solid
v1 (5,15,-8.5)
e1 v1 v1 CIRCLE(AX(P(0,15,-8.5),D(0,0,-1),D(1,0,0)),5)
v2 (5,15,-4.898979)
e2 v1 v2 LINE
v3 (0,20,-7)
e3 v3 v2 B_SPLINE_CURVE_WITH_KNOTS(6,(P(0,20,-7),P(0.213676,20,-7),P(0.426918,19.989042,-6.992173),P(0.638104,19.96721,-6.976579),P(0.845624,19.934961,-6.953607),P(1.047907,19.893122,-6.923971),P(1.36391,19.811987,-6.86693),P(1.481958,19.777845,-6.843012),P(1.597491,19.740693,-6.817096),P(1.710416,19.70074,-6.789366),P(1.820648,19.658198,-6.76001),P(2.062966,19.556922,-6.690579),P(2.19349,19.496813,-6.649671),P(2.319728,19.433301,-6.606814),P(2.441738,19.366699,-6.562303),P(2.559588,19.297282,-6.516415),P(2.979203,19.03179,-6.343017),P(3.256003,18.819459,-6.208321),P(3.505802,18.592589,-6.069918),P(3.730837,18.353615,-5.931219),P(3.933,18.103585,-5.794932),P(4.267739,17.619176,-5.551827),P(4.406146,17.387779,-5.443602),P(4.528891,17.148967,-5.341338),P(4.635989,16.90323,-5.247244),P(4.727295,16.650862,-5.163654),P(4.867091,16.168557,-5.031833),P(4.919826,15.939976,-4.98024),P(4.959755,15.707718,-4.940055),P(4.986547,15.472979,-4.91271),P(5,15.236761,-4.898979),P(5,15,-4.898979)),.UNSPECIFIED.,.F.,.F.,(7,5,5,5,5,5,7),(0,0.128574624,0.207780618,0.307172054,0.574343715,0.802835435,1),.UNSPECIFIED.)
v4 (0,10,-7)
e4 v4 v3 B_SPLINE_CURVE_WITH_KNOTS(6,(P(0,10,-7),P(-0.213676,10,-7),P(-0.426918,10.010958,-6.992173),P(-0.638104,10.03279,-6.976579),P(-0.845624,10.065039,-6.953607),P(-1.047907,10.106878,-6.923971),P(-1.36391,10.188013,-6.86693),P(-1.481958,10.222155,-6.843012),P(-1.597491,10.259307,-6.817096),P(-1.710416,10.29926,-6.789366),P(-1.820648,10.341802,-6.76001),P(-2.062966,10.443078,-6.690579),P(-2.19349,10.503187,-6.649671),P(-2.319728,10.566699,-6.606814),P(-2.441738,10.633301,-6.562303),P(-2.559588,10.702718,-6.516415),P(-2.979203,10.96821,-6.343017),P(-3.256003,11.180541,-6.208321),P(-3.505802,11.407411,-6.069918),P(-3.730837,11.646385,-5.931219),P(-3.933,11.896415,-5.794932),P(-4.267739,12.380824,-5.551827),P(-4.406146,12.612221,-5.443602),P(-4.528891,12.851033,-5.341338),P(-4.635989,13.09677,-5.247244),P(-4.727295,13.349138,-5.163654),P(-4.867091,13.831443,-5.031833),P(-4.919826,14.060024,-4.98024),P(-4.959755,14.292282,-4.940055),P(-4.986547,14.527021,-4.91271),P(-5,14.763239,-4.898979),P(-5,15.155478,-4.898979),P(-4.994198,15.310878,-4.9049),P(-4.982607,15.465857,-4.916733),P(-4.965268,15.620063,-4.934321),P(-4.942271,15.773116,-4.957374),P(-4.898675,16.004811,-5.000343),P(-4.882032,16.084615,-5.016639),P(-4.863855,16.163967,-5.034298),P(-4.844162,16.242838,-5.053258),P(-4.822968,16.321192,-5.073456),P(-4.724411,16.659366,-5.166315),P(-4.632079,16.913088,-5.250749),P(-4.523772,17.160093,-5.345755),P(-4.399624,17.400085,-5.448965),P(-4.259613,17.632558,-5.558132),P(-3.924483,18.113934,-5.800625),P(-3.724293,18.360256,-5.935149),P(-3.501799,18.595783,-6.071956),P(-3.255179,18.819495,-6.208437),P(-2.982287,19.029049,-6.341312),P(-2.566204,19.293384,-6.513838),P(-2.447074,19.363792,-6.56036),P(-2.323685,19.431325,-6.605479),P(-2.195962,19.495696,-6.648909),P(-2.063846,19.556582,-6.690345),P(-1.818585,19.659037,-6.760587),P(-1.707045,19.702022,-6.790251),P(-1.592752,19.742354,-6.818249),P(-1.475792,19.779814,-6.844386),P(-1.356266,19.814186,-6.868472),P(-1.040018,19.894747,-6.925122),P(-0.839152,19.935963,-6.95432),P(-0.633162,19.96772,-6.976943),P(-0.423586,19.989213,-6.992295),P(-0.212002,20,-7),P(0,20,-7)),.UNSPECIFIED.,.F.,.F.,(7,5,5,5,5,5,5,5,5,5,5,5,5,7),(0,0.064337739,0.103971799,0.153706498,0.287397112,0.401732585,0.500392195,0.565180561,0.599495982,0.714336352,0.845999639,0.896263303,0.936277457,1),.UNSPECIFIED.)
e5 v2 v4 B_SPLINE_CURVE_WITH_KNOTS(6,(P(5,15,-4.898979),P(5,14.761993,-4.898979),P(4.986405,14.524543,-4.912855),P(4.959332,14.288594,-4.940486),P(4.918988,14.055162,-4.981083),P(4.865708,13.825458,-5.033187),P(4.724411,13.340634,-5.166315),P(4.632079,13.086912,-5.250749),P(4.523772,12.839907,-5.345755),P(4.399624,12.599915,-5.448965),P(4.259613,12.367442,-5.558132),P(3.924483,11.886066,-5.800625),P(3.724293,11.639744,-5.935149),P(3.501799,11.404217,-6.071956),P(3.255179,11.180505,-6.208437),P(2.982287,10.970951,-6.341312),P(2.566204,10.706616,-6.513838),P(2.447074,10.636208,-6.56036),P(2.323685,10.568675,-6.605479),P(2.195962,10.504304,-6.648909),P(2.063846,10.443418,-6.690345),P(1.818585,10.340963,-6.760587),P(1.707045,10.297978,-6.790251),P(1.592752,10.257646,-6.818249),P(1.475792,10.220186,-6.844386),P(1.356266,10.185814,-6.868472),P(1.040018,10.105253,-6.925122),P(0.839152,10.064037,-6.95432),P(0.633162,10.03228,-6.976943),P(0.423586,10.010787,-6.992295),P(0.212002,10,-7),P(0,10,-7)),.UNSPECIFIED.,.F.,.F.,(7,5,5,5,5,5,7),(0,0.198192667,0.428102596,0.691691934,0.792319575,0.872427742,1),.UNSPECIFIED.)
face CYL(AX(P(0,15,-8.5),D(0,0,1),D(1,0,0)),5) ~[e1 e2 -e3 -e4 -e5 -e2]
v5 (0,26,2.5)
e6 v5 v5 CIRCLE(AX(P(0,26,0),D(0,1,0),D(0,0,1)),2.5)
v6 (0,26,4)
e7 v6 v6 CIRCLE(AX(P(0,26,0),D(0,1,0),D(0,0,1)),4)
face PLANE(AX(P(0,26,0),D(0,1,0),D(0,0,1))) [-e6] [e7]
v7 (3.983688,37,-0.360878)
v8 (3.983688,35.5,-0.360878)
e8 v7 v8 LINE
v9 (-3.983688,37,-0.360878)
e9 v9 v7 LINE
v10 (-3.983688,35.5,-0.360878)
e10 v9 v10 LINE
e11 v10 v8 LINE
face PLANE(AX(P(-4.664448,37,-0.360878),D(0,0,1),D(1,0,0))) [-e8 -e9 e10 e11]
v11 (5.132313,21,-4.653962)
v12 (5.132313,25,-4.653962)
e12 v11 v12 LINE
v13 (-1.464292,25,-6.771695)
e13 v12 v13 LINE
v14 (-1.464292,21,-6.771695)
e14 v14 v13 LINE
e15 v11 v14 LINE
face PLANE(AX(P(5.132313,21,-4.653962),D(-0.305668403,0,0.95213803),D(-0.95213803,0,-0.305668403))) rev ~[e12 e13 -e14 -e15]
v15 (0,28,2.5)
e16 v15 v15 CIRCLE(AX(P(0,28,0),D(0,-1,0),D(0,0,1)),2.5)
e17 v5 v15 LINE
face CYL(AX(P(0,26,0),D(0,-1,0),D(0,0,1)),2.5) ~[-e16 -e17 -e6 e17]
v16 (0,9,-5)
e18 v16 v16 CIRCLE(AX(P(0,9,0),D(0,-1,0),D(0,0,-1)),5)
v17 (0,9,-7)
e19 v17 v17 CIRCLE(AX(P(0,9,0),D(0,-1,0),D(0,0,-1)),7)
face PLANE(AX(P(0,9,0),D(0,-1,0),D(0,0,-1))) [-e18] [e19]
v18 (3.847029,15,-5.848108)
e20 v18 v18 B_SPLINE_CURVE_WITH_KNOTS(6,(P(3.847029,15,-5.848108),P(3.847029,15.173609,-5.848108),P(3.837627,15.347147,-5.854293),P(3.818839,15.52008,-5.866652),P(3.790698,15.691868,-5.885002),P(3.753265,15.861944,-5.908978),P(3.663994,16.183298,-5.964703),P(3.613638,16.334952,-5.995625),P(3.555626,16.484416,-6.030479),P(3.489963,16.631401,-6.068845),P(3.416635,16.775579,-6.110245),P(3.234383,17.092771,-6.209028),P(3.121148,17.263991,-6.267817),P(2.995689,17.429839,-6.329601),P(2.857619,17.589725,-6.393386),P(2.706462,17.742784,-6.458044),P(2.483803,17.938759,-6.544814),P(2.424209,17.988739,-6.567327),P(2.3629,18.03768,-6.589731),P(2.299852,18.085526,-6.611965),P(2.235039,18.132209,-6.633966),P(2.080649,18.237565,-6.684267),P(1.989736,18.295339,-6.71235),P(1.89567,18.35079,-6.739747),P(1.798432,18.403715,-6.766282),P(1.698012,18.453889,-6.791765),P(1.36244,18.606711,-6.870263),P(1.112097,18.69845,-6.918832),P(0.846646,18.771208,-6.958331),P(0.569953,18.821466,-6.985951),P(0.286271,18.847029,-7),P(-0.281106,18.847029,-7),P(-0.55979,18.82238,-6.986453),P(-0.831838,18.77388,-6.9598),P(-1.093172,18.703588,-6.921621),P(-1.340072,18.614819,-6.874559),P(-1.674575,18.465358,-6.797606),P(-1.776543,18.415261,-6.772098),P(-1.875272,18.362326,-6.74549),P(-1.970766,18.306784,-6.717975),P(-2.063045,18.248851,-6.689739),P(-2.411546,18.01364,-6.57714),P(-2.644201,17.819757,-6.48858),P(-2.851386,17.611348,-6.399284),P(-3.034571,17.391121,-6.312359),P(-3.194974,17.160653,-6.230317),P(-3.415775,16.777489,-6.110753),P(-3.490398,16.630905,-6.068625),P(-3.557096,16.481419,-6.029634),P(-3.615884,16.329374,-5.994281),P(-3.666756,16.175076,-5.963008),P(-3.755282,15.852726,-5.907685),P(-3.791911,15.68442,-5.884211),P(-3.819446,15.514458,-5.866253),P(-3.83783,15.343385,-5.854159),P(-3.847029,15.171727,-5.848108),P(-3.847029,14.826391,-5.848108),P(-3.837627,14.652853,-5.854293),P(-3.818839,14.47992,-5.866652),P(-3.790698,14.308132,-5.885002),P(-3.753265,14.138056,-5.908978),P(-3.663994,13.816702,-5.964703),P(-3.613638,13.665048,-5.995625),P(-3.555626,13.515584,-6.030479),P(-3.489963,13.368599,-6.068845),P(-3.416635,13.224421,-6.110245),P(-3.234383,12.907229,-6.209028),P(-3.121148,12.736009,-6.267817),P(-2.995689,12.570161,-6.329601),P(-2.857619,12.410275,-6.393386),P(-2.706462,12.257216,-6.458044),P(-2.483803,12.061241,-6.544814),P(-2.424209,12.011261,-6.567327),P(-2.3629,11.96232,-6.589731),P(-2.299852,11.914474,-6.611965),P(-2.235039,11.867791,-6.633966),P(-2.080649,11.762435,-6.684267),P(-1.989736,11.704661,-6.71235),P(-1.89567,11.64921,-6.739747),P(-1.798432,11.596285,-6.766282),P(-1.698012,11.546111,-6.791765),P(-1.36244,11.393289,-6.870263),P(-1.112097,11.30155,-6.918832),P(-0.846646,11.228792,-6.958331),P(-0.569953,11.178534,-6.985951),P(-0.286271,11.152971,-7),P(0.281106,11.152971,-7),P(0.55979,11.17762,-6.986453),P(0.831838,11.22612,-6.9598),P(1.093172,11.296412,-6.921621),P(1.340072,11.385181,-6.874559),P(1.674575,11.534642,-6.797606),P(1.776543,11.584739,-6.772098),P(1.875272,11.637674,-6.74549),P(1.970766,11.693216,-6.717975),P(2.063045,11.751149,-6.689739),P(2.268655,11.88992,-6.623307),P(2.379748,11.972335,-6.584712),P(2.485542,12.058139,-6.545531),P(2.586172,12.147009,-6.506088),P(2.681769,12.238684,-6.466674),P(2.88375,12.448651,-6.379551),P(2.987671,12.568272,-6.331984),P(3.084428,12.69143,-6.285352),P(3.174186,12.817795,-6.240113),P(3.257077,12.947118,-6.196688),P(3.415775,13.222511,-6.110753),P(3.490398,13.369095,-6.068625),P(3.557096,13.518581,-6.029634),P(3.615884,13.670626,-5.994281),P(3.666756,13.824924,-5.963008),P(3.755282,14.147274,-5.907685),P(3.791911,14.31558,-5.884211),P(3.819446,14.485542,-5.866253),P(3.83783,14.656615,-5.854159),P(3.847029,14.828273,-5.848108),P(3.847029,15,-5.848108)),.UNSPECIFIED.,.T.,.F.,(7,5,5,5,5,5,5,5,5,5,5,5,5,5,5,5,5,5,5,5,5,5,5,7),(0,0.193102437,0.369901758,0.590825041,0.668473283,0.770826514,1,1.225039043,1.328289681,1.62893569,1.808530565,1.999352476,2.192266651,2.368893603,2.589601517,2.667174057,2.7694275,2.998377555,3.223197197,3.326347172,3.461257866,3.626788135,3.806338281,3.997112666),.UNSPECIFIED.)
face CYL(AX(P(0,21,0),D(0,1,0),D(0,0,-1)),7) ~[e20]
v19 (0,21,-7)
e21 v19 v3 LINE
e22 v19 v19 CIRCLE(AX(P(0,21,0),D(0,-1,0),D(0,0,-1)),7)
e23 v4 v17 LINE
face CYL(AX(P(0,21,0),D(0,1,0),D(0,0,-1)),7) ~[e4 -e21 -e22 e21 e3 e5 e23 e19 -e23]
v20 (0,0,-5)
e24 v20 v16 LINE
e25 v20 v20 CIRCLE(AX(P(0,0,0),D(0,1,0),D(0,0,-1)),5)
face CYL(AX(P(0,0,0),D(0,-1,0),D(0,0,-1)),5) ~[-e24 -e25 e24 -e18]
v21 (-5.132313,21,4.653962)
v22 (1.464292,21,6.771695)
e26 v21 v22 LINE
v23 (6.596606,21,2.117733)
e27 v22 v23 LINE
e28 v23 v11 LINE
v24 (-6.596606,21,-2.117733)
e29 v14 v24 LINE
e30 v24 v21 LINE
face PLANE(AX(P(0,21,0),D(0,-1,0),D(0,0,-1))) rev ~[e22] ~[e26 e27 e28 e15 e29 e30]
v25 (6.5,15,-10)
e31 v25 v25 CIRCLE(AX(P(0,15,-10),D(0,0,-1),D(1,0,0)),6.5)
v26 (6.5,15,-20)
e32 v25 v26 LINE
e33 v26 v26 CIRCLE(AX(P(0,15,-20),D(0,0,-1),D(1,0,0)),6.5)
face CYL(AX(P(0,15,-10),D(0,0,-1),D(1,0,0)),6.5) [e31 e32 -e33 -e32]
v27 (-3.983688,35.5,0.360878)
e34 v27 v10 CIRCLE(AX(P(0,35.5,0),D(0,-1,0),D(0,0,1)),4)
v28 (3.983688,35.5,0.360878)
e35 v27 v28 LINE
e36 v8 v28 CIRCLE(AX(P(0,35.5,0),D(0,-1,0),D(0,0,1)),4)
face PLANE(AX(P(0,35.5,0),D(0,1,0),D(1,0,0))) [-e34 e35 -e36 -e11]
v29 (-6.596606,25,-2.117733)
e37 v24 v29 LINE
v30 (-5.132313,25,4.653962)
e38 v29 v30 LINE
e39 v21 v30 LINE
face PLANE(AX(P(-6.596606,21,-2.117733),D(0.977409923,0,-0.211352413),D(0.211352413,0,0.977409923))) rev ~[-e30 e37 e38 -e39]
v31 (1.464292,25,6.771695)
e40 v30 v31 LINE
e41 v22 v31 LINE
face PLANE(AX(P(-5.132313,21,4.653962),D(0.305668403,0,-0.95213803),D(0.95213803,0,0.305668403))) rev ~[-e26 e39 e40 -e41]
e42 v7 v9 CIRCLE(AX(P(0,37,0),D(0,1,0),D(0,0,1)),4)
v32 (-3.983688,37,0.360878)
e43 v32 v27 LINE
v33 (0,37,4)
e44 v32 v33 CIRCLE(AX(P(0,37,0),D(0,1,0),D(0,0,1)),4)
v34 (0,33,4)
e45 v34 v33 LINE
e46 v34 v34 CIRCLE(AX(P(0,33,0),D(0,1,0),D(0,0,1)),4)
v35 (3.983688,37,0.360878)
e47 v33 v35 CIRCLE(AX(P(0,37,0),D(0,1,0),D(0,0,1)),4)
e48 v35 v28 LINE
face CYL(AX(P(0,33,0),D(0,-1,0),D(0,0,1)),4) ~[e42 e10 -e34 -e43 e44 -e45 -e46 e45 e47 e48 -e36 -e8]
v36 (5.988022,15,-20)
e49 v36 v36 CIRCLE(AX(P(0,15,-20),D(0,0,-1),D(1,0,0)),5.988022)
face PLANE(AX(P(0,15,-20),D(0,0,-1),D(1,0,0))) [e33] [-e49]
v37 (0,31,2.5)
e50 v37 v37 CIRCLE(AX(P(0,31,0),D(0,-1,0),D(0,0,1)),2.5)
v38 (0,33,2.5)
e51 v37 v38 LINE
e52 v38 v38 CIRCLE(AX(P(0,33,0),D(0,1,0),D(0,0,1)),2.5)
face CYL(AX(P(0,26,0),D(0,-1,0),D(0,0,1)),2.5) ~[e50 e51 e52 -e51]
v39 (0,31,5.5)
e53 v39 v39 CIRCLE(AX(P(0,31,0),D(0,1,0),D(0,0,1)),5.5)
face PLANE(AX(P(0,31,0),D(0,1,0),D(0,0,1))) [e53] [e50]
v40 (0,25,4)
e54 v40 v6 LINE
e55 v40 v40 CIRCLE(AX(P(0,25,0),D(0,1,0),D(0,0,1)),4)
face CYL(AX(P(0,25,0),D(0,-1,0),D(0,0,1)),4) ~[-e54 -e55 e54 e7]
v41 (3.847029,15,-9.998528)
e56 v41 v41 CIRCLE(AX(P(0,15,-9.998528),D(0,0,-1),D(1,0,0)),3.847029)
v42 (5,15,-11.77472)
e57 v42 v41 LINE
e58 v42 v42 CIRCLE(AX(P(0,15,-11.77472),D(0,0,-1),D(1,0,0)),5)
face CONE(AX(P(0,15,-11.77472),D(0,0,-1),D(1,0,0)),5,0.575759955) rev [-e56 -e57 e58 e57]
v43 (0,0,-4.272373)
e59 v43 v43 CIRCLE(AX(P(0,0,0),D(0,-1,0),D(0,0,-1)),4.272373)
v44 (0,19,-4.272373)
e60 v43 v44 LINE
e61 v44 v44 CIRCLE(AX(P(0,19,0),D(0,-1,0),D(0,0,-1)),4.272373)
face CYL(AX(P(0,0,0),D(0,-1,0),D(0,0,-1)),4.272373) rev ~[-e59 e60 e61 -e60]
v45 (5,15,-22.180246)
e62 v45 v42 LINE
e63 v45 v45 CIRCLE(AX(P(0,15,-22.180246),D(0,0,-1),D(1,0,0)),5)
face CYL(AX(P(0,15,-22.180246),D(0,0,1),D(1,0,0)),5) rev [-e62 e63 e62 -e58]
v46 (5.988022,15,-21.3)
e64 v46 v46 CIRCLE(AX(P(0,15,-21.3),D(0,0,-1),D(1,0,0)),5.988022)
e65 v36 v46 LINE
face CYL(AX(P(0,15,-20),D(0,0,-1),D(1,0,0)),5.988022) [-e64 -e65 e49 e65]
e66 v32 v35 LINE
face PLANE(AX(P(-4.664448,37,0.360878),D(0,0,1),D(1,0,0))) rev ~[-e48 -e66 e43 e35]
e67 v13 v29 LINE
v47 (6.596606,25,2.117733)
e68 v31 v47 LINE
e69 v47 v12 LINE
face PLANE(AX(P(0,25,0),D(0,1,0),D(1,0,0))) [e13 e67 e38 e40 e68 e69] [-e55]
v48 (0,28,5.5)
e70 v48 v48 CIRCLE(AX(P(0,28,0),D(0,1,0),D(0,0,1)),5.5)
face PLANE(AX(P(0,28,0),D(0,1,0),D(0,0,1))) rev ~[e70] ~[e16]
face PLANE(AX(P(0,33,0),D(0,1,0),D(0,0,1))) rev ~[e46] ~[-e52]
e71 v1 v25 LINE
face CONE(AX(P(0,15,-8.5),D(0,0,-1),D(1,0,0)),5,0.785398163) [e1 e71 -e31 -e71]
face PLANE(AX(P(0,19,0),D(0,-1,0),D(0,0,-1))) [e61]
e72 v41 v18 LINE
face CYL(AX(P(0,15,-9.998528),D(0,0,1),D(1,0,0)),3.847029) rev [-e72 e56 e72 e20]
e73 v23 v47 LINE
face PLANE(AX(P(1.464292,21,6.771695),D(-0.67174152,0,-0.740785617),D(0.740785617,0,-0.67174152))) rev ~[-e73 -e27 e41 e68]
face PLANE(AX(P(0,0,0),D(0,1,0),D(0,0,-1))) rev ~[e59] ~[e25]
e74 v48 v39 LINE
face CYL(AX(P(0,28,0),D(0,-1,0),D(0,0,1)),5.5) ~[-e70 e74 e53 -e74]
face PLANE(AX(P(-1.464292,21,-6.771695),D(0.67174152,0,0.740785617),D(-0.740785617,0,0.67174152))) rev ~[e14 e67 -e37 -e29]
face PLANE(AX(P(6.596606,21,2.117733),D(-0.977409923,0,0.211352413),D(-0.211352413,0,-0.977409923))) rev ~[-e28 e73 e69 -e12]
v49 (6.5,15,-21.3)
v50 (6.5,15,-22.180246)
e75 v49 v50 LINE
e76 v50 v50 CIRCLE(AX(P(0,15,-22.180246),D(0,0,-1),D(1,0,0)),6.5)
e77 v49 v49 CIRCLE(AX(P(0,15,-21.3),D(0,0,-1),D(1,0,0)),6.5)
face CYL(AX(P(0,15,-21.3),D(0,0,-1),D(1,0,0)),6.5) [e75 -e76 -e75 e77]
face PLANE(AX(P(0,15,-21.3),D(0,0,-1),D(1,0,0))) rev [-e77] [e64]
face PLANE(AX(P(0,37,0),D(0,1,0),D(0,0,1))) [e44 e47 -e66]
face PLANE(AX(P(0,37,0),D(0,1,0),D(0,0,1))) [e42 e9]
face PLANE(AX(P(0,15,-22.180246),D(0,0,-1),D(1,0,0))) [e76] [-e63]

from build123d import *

# Parameters (mm, degrees)
SKETCH_1_R           = 5
EXTRUDE_1_DEPTH      = 21
EXTRUDE_2_DEPTH      = 4
SKETCH_3_R           = 4
EXTRUDE_3_DEPTH      = 1
SKETCH_4_R           = 2.5
EXTRUDE_4_DEPTH      = 7
SKETCH_5_R           = 4
EXTRUDE_5_DEPTH      = 4
SKETCH_6_R           = 5.5
EXTRUDE_6_DEPTH      = 3
SKETCH_7_R           = 7
SKETCH_7_R_2         = 5
EXTRUDE_7_DEPTH      = 12
SKETCH_9_W           = 9.328895196
SKETCH_9_H           = 0.721756852
CUT_EXTRUDE_9_DEPTH  = 1.5
SKETCH_10_R          = 4.2723733
CUT_EXTRUDE_10_DEPTH = 19


with BuildPart() as part:
    # 草图1 → 拉伸1 (new body)
    with BuildSketch(Plane(origin=(0, 0, 0), x_dir=(1, 0, 0), z_dir=(0, 1, 0))):
        with Locations(Location((0, 0, 0), (0, 0, 90))):
            Circle(SKETCH_1_R)
    extrude(amount=EXTRUDE_1_DEPTH)

    # 草图2 → 拉伸2 (add)
    with BuildSketch(Plane(origin=(0, 21, 0), x_dir=(1, 0, 0), z_dir=(0, 1, 0))):
        Polygon((5.132313302, 4.653961771), (-1.464292471, 6.771694586), (-6.596605773, 2.117732814), (-5.132313302, -4.653961771), (1.464292471, -6.771694586), (6.596605773, -2.117732814), align=None)
    extrude(amount=EXTRUDE_2_DEPTH)

    # 草图3 → 拉伸3 (add)
    with BuildSketch(Plane(origin=(0, 25, 0), x_dir=(1, 0, 0), z_dir=(0, 1, 0))):
        with Locations(Location((0, 0, 0), (0, 0, 270))):
            Circle(SKETCH_3_R)
    extrude(amount=EXTRUDE_3_DEPTH)

    # 草图4 → 拉伸4 (add)
    with BuildSketch(Plane(origin=(0, 26, 0), x_dir=(1, 0, 0), z_dir=(0, 1, 0))):
        with Locations(Location((0, 0, 0), (0, 0, 270))):
            Circle(SKETCH_4_R)
    extrude(amount=EXTRUDE_4_DEPTH)

    # 草图5 → 拉伸5 (add)
    with BuildSketch(Plane(origin=(0, 33, 0), x_dir=(1, 0, 0), z_dir=(0, 1, 0))):
        with Locations(Location((0, 0, 0), (0, 0, 270))):
            Circle(SKETCH_5_R)
    extrude(amount=EXTRUDE_5_DEPTH)

    # 草图6 → 拉伸6 (add)
    with BuildSketch(Plane(origin=(0, 28, 0), x_dir=(-1, 0, 0), z_dir=(0, 1, 0))):
        with Locations(Location((0, 0, 0), (0, 0, 90))):
            Circle(SKETCH_6_R)
    extrude(amount=EXTRUDE_6_DEPTH)



with BuildPart() as body_2:
    # 草图7 → 拉伸7 (new body)
    with BuildSketch(Plane.XZ.offset(-21)):
        with Locations(Location((0, 0, 0), (0, 0, 270))):
            Circle(SKETCH_7_R)
        with Locations(Location((0, 0, 0), (0, 0, 270))):
            Circle(SKETCH_7_R_2, mode=Mode.SUBTRACT)
    extrude(amount=EXTRUDE_7_DEPTH)


with BuildPart() as part_1:
    add(part.part)

    add(body_2.part)  # 旋转1 merges body 2
    # 草图8 → 旋转1 (revolve)
    with BuildSketch(Plane(origin=(0, 0, 0), x_dir=(0, 0, -1), z_dir=(1, 0, 0)), mode=Mode.PRIVATE) as revolve_1_sk:
        Polygon((3.877064073, 18.84702899), (3.877064073, 20), (5.073285263, 20), (8.5, 20), (10, 21.5), (20, 21.5), (20, 20.988021683), (21.3, 20.988021683), (21.3, 21.5), (22.180246255, 21.5), (22.180246255, 20), (11.774720378, 20), (9.998528163, 18.84702899), align=None)
    revolve(revolve_1_sk.sketch.rotate(Axis((0, 15, 0), (0, 0, -1)), 90), axis=Axis((0, 15, 0), (0, 0, -1)))

    # 草图9 → 拉伸9 (cut)
    with BuildSketch(Plane(origin=(0, 37, 0), x_dir=(1, 0, 0), z_dir=(0, 1, 0))):
        Rectangle(SKETCH_9_W, SKETCH_9_H)
    extrude(amount=-CUT_EXTRUDE_9_DEPTH, mode=Mode.SUBTRACT)

    # 草图10 → 拉伸10 (cut)
    with BuildSketch(Plane.XZ):
        with Locations(Location((0, 0, 0), (0, 0, 270))):
            Circle(SKETCH_10_R)
    extrude(amount=-CUT_EXTRUDE_10_DEPTH, mode=Mode.SUBTRACT)


solid = part_1.part
